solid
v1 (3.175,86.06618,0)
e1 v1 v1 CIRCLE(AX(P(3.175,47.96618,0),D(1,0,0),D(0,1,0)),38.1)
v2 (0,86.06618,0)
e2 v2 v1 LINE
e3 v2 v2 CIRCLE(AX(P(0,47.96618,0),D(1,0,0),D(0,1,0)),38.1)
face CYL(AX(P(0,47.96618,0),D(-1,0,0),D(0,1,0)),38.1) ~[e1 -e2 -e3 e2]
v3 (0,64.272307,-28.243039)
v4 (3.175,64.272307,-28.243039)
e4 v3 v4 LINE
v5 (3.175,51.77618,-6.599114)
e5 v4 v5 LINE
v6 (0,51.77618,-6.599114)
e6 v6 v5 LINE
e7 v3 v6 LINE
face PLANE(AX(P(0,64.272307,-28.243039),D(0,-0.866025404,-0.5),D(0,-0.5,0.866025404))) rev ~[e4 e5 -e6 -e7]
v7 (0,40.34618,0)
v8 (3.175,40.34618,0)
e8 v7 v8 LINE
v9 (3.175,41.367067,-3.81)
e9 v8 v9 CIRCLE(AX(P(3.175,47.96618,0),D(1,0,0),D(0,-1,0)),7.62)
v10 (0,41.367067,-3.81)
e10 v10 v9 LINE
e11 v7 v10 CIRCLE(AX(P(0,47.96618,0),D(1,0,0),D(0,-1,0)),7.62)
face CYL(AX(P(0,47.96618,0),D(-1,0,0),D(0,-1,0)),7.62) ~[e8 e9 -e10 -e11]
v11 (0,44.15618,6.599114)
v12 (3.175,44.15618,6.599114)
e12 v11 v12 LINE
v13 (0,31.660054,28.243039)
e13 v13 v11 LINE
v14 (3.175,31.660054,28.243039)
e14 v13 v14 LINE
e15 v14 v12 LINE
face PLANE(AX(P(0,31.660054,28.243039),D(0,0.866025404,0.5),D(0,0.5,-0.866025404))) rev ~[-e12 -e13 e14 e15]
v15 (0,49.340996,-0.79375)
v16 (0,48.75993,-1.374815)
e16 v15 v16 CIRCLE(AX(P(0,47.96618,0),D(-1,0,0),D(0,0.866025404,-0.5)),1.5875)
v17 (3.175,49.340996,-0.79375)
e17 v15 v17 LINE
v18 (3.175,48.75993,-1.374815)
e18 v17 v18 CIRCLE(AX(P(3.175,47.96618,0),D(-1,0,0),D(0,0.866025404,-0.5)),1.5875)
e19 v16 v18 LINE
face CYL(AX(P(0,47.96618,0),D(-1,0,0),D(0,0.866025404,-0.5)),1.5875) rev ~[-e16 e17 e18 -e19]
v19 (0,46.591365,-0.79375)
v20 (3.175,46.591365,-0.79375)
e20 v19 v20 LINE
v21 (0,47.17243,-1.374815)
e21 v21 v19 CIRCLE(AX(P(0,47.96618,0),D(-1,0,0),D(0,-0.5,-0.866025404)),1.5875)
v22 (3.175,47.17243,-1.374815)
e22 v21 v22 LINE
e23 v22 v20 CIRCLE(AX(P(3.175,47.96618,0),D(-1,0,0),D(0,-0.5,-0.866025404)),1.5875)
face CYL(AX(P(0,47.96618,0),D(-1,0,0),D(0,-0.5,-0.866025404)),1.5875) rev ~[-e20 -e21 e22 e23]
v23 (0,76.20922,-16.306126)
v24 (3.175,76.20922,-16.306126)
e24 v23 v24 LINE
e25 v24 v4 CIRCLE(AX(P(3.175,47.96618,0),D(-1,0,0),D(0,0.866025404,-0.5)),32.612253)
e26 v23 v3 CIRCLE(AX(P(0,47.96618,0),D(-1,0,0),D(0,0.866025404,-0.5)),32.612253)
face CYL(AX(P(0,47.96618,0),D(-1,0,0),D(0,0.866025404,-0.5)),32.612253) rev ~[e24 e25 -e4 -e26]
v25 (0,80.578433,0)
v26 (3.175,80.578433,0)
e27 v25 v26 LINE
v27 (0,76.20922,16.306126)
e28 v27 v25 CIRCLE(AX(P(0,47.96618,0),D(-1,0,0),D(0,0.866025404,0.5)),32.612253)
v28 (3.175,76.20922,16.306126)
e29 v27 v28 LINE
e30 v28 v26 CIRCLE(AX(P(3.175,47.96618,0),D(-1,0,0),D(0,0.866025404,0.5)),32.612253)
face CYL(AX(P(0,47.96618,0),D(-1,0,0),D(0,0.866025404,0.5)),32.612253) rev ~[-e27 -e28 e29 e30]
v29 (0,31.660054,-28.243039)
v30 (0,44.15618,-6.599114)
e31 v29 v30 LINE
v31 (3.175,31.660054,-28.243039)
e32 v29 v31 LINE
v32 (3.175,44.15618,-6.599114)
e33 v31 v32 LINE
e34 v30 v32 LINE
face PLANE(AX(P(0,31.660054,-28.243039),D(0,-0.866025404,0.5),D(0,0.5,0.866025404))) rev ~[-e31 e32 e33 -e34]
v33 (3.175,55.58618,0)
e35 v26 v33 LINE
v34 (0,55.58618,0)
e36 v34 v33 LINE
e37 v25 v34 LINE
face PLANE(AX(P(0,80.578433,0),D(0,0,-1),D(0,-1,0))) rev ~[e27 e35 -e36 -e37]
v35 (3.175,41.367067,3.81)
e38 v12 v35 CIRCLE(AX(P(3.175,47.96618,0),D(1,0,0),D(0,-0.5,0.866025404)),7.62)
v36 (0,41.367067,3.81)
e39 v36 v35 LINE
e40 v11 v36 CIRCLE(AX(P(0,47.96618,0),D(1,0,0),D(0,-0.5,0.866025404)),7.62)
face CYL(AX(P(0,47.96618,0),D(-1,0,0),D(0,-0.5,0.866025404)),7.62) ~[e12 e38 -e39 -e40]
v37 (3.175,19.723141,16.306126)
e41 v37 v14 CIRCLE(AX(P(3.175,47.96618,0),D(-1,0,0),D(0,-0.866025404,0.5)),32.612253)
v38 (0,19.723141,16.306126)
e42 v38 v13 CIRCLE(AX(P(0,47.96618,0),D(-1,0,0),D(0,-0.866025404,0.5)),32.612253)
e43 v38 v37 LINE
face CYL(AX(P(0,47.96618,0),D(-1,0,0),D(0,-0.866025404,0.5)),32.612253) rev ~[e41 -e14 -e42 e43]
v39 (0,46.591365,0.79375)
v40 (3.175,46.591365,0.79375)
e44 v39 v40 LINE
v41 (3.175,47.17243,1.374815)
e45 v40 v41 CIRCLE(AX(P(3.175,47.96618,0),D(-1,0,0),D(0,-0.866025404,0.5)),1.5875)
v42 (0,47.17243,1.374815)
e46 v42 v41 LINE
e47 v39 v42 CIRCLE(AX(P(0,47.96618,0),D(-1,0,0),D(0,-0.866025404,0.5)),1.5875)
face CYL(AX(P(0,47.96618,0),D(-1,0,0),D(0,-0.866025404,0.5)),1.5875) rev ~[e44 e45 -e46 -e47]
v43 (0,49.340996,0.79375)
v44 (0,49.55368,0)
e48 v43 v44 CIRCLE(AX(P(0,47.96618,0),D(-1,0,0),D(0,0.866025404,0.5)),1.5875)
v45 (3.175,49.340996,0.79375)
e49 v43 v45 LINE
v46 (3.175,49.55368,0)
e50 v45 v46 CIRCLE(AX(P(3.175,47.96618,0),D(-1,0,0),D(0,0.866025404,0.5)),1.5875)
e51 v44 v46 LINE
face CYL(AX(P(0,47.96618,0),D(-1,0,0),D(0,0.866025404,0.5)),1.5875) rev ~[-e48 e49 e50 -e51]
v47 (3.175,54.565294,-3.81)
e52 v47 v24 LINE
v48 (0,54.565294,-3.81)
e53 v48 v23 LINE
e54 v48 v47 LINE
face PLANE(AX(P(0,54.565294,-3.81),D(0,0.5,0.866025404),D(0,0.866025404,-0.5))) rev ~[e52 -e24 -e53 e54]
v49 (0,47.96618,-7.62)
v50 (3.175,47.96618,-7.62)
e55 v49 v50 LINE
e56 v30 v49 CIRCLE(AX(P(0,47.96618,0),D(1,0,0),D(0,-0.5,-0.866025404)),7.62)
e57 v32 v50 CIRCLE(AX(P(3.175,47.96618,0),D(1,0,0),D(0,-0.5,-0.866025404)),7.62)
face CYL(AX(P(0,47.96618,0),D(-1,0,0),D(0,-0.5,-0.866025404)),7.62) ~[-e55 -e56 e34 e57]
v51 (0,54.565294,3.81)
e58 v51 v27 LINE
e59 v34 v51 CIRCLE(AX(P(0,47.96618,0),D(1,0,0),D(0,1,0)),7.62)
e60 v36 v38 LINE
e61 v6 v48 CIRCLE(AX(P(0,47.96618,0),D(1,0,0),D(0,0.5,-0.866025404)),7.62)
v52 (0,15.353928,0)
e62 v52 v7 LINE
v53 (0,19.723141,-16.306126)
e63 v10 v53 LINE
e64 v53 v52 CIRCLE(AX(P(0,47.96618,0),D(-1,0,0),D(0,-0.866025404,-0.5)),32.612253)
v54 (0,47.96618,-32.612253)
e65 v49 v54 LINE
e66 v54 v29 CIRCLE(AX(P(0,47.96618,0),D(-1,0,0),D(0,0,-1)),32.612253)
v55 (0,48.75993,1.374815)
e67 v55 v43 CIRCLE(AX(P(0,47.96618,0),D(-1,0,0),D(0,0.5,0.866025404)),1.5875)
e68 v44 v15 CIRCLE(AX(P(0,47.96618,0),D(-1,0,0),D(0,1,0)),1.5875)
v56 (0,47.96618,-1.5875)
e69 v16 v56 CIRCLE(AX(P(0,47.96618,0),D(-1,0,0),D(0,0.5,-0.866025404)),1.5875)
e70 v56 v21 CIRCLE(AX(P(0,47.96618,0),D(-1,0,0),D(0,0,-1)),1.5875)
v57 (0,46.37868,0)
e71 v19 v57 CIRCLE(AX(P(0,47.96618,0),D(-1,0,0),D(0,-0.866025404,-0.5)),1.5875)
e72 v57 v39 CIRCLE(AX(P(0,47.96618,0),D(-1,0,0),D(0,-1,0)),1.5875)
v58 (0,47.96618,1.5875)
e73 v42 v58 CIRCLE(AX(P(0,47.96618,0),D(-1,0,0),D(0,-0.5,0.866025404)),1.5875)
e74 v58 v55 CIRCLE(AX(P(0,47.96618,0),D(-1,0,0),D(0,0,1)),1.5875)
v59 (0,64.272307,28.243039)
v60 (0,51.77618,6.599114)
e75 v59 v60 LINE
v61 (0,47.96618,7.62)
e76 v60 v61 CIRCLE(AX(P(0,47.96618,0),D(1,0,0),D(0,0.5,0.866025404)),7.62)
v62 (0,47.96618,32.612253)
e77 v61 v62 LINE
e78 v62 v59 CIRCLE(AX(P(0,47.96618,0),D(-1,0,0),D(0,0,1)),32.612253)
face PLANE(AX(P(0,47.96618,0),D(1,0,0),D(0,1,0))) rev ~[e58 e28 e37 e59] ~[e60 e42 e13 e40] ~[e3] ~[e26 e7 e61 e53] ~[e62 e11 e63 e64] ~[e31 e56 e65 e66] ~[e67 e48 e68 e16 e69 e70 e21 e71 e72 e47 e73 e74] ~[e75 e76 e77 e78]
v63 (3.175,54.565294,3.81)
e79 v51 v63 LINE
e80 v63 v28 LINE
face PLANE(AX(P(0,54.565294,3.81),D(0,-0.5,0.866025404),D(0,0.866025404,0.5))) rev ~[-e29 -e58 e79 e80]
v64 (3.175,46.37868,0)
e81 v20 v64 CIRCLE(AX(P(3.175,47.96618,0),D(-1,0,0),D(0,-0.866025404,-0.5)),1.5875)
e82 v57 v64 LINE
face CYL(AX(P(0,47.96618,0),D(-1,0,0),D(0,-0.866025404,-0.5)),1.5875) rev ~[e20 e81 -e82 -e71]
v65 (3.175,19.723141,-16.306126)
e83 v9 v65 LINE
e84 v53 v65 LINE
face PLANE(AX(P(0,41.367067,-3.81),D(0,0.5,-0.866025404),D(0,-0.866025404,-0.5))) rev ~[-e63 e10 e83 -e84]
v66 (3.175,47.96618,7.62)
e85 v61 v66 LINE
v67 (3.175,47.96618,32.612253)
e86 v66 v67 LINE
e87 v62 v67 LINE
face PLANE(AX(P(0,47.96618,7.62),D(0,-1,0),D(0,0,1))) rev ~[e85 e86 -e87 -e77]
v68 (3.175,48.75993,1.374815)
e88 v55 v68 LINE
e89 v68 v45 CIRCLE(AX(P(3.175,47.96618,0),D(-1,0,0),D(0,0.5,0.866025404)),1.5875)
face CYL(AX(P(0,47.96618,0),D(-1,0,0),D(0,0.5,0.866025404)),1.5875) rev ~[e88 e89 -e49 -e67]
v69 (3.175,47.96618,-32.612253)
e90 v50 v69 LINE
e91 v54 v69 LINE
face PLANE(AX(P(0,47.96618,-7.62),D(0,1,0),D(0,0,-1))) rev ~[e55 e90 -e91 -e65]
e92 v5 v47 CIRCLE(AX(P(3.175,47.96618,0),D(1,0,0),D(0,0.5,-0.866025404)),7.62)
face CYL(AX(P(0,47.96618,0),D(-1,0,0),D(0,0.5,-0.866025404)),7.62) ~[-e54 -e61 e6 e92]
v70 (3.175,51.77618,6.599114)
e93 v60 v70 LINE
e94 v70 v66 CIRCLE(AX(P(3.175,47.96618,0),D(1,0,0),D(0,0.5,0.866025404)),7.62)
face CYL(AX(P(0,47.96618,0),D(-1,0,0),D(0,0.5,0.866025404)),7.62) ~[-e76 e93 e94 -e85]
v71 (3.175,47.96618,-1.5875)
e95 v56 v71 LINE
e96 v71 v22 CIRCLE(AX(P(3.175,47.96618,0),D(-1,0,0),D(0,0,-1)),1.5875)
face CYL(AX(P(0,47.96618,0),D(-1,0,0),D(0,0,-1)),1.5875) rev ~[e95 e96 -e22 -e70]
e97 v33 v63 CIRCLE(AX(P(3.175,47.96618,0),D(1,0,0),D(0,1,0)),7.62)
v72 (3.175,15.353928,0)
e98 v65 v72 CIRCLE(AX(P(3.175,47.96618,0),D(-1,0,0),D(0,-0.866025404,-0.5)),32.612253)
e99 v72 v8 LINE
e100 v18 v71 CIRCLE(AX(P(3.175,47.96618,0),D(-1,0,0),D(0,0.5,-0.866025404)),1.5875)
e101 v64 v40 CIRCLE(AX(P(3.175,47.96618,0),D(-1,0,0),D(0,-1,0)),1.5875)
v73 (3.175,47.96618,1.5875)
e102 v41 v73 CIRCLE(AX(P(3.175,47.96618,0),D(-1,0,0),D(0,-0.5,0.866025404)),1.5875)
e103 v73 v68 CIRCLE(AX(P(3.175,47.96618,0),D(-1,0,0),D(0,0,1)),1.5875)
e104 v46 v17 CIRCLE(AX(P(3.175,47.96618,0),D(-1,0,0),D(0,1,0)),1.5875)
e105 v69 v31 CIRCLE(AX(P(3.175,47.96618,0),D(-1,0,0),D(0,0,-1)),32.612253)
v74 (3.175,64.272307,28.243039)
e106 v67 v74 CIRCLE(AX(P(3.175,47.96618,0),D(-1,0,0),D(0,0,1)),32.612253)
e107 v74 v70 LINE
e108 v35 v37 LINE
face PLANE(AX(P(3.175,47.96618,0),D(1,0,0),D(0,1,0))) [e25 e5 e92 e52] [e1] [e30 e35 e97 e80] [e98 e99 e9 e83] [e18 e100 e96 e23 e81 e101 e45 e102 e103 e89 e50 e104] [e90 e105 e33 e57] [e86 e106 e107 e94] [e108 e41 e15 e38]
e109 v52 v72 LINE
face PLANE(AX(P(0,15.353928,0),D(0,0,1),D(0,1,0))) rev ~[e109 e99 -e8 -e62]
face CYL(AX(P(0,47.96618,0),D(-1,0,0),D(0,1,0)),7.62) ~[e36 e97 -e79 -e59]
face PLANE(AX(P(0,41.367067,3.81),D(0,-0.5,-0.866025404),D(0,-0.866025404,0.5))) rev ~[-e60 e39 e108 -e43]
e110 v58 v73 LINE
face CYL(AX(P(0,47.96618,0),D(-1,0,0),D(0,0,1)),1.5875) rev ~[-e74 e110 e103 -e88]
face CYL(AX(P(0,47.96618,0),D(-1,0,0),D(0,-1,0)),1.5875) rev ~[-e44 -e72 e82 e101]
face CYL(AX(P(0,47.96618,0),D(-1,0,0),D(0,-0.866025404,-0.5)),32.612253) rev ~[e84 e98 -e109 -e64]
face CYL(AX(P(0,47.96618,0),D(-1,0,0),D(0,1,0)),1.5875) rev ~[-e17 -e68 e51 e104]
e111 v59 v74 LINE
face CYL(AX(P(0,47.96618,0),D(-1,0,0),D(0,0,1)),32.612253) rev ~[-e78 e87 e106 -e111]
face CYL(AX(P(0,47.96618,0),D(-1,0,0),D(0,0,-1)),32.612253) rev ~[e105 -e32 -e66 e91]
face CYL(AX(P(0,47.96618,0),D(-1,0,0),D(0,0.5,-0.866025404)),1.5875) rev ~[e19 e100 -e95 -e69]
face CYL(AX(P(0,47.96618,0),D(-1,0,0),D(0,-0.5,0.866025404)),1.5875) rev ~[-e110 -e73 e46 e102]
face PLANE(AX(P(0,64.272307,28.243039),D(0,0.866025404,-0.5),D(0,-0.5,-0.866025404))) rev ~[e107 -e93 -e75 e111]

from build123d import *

# Parameters (mm, degrees)
F0_R     = 38.1
F1_DEPTH = 3.175


with BuildPart() as f1:
    # F0 (on Right) → F1 (new body)
    with BuildSketch(Plane.YZ):
        with Locations((47.9661803454, 0)):
            Circle(F0_R)
        with BuildLine():
            ThreePointArc((19.7231410051, 16.3061263658), (24.9058352891, 23.0603450563), (31.6600539796, 28.2430393403))
            Line((31.6600539796, 28.2430393403), (44.1561803454, 6.5991135768))
            Line((44.1561803454, 6.5991135768), (47.1724303454, 1.3748153285))
            ThreePointArc((47.1724303454, 1.3748153285), (47.5553051113, 1.5334072492), (47.9661803454, 1.5875))
            Line((47.9661803454, 1.5875), (47.9661803454, 7.62))
            Line((47.9661803454, 7.62), (47.9661803454, 32.6122527317))
            ThreePointArc((47.9661803454, 32.6122527317), (56.406852456, 31.501017167), (64.2723067112, 28.2430393403))
            Line((64.2723067112, 28.2430393403), (51.7761803454, 6.5991135768))
            Line((51.7761803454, 6.5991135768), (48.7599303454, 1.3748153285))
            ThreePointArc((48.7599303454, 1.3748153285), (49.0887123605, 1.1225320151), (49.3409956739, 0.79375))
            Line((49.3409956739, 0.79375), (54.5652939222, 3.81))
            Line((54.5652939222, 3.81), (76.2092196857, 16.3061263658))
            ThreePointArc((76.2092196857, 16.3061263658), (79.4671975124, 8.4406721107), (80.5784330771, 0))
            Line((80.5784330771, 0), (55.5861803454, 0))
            Line((55.5861803454, 0), (49.5536803454, 0))
            ThreePointArc((49.5536803454, 0), (49.4995875946, -0.4108752341), (49.3409956739, -0.79375))
            Line((49.3409956739, -0.79375), (54.5652939222, -3.81))
            Line((54.5652939222, -3.81), (76.2092196857, -16.3061263658))
            ThreePointArc((76.2092196857, -16.3061263658), (71.0265254017, -23.0603450563), (64.2723067112, -28.2430393403))
            Line((64.2723067112, -28.2430393403), (51.7761803454, -6.5991135768))
            Line((51.7761803454, -6.5991135768), (48.7599303454, -1.3748153285))
            ThreePointArc((48.7599303454, -1.3748153285), (48.3770555795, -1.5334072492), (47.9661803454, -1.5875))
            Line((47.9661803454, -1.5875), (47.9661803454, -7.62))
            Line((47.9661803454, -7.62), (47.9661803454, -32.6122527317))
            ThreePointArc((47.9661803454, -32.6122527317), (39.5255082347, -31.501017167), (31.6600539796, -28.2430393403))
            Line((31.6600539796, -28.2430393403), (44.1561803454, -6.5991135768))
            Line((44.1561803454, -6.5991135768), (47.1724303454, -1.3748153285))
            ThreePointArc((47.1724303454, -1.3748153285), (46.8436483303, -1.1225320151), (46.5913650169, -0.79375))
            Line((46.5913650169, -0.79375), (41.3670667686, -3.81))
            Line((41.3670667686, -3.81), (19.7231410051, -16.3061263658))
            ThreePointArc((19.7231410051, -16.3061263658), (16.4651631784, -8.4406721107), (15.3539276137, 0))
            Line((15.3539276137, 0), (40.3461803454, 0))
            Line((40.3461803454, 0), (46.3786803454, 0))
            ThreePointArc((46.3786803454, 0), (46.4327730962, 0.4108752341), (46.5913650169, 0.79375))
            Line((46.5913650169, 0.79375), (41.3670667686, 3.81))
            Line((41.3670667686, 3.81), (19.7231410051, 16.3061263658))
        make_face(mode=Mode.SUBTRACT)
        with BuildLine():
            Line((54.5652939222, -3.81), (49.3409956739, -0.79375))
            ThreePointArc((49.3409956739, -0.79375), (49.0887123605, -1.1225320151), (48.7599303454, -1.3748153285))
            Line((48.7599303454, -1.3748153285), (51.7761803454, -6.5991135768))
            ThreePointArc((51.7761803454, -6.5991135768), (53.354334018, -5.3881536726), (54.5652939222, -3.81))
        make_face()
        with BuildLine():
            Line((47.9661803454, -7.62), (47.9661803454, -1.5875))
            ThreePointArc((47.9661803454, -1.5875), (47.5553051113, -1.5334072492), (47.1724303454, -1.3748153285))
            Line((47.1724303454, -1.3748153285), (44.1561803454, -6.5991135768))
            ThreePointArc((44.1561803454, -6.5991135768), (45.9939792217, -7.3603547963), (47.9661803454, -7.62))
        make_face()
        with BuildLine():
            ThreePointArc((46.5913650169, -0.79375), (46.4327730962, -0.4108752341), (46.3786803454, 0))
            Line((46.3786803454, 0), (40.3461803454, 0))
            ThreePointArc((40.3461803454, 0), (40.6058255491, -1.9722011237), (41.3670667686, -3.81))
            Line((41.3670667686, -3.81), (46.5913650169, -0.79375))
        make_face()
        with BuildLine():
            Line((47.1724303454, 1.3748153285), (44.1561803454, 6.5991135768))
            ThreePointArc((44.1561803454, 6.5991135768), (42.5780266728, 5.3881536726), (41.3670667686, 3.81))
            Line((41.3670667686, 3.81), (46.5913650169, 0.79375))
            ThreePointArc((46.5913650169, 0.79375), (46.8436483303, 1.1225320151), (47.1724303454, 1.3748153285))
        make_face()
        with BuildLine():
            Line((47.9661803454, 7.62), (47.9661803454, 1.5875))
            ThreePointArc((47.9661803454, 1.5875), (48.3770555795, 1.5334072492), (48.7599303454, 1.3748153285))
            Line((48.7599303454, 1.3748153285), (51.7761803454, 6.5991135768))
            ThreePointArc((51.7761803454, 6.5991135768), (49.9383814691, 7.3603547963), (47.9661803454, 7.62))
        make_face()
        with BuildLine():
            ThreePointArc((49.3409956739, 0.79375), (49.4995875946, 0.4108752341), (49.5536803454, 0))
            Line((49.5536803454, 0), (55.5861803454, 0))
            ThreePointArc((55.5861803454, 0), (55.3265351417, 1.9722011237), (54.5652939222, 3.81))
            Line((54.5652939222, 3.81), (49.3409956739, 0.79375))
        make_face()
    extrude(amount=F1_DEPTH)


solid = f1.part
